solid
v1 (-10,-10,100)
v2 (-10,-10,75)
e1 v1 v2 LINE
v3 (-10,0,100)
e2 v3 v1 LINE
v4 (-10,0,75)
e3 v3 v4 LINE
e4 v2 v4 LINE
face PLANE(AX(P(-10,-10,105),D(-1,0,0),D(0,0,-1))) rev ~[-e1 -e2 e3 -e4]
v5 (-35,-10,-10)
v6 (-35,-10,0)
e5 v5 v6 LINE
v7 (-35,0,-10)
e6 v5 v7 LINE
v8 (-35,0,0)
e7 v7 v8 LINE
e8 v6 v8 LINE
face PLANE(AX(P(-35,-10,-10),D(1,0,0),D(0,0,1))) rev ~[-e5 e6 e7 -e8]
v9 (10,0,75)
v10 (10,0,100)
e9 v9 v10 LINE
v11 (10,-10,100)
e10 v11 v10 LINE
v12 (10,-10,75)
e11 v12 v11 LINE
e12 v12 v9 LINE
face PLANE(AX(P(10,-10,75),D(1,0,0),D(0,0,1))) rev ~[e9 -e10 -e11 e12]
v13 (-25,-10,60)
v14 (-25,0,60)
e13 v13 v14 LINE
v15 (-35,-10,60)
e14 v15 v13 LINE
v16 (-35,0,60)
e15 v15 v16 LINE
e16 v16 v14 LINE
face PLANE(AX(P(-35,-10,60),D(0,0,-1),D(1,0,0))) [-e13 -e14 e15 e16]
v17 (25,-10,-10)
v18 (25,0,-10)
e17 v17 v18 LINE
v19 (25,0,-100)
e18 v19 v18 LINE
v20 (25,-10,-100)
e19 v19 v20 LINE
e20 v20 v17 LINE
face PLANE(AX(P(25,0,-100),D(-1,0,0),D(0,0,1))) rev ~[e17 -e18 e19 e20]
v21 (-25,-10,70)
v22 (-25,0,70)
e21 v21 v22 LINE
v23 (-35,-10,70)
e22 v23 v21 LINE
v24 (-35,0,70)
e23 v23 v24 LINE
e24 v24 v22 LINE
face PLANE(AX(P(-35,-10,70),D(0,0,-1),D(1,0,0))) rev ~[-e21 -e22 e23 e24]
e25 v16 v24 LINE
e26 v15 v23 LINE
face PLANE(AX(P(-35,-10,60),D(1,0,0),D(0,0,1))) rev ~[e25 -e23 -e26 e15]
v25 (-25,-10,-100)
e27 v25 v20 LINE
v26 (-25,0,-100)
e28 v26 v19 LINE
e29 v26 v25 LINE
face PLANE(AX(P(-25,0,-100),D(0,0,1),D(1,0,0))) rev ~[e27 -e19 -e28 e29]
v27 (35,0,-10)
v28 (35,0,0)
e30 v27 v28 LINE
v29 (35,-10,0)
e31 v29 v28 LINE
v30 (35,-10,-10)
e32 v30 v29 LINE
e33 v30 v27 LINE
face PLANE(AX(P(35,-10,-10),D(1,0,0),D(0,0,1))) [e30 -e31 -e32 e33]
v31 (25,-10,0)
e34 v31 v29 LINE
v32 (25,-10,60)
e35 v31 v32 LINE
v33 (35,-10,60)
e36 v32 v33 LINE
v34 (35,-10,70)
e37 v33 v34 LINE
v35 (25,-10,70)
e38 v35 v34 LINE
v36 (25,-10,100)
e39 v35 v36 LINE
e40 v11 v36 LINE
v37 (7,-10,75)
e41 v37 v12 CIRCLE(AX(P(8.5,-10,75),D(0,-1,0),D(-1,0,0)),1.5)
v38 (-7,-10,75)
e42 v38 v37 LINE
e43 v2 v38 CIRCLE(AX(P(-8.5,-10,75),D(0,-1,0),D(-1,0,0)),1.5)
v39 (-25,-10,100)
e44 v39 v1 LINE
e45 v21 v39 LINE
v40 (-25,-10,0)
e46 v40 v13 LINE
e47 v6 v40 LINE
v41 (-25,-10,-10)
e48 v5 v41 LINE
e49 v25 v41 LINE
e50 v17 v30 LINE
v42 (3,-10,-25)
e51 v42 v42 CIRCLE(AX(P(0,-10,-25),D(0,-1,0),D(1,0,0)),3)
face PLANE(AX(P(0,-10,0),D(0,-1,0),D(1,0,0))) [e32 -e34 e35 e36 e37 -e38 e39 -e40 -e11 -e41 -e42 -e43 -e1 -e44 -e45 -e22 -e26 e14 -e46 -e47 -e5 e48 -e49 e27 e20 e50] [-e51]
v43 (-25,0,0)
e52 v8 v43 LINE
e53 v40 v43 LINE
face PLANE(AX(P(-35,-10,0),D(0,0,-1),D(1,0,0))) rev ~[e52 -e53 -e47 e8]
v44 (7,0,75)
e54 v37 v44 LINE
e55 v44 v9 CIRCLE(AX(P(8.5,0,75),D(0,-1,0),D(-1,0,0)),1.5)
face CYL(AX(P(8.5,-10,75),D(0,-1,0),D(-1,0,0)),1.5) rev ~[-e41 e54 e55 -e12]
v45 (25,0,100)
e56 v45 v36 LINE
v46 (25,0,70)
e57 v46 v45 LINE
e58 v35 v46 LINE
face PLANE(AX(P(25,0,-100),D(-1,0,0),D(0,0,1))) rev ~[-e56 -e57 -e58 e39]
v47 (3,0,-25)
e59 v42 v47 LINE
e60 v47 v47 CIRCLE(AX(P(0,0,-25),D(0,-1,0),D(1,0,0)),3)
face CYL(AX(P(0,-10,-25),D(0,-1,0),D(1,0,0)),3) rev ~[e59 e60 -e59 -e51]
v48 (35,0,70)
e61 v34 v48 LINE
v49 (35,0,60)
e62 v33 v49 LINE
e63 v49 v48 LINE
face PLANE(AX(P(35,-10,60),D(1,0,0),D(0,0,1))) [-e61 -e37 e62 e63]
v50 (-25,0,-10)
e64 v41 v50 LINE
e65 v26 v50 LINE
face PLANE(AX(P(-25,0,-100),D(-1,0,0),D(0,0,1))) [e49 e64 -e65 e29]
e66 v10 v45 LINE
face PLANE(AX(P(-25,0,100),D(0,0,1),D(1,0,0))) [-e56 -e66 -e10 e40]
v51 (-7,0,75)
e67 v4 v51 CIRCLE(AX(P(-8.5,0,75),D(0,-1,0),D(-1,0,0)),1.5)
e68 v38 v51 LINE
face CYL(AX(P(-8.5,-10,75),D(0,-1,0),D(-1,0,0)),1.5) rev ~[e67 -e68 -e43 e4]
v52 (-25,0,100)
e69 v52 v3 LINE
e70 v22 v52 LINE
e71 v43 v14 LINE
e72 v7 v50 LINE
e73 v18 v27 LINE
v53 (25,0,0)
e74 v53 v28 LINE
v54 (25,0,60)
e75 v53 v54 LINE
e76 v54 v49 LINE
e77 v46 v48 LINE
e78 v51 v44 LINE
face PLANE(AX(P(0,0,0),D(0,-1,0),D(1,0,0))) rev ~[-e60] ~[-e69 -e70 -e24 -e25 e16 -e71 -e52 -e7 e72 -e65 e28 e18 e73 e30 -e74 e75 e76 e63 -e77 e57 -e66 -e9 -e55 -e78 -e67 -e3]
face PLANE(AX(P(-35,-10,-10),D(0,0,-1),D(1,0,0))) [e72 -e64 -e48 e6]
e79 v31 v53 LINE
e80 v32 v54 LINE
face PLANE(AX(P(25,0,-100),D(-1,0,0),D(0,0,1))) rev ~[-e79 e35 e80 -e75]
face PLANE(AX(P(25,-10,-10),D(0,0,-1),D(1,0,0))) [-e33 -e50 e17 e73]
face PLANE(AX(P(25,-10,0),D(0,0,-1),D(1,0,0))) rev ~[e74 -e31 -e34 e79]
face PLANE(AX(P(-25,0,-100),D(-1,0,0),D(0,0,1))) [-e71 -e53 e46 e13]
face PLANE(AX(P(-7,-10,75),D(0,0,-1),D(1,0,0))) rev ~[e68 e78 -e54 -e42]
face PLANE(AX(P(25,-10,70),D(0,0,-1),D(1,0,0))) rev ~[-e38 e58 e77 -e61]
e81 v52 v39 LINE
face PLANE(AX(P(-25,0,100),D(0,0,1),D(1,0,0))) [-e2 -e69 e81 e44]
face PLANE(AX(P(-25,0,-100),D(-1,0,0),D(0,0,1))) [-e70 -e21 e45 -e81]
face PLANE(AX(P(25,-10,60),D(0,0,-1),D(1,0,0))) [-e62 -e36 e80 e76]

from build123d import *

# Parameters (mm, degrees)
F0_W     = 50
F0_H     = 200
F1_DEPTH = 10
F2_R     = 3
F3_DEPTH = 25
F5_DEPTH = 25
F6_W     = 10
F6_H     = 10
F7_DEPTH = 10


with BuildPart() as f1:
    # F0 (on Front) → F1 (new body)
    with BuildSketch(Plane.XZ):
        Rectangle(F0_W, F0_H)
    extrude(amount=F1_DEPTH)

    # F2 (on face) → F3 (cut)
    with BuildSketch(Plane.XZ.offset(10)):
        with Locations((0, -25)):
            Circle(F2_R)
    extrude(amount=-F3_DEPTH, mode=Mode.SUBTRACT)

    # F4 (on face) → F5 (cut)
    with BuildSketch(Plane.XZ.offset(10)):
        with BuildLine():
            Line((10, 105), (-10, 105))
            Line((-10, 105), (-10, 75))
            ThreePointArc((-10, 75), (-8.5, 73.5), (-7, 75))
            Line((-7, 75), (7, 75))
            ThreePointArc((7, 75), (8.5, 73.5), (10, 75))
            Line((10, 75), (10, 105))
        make_face()
    extrude(amount=-F5_DEPTH, mode=Mode.SUBTRACT)

    # F6 (on face) → F7 (join)
    with BuildSketch(Plane.XZ.offset(10)):
        with Locations((-30, 65)):
            Rectangle(F6_W, F6_H)
        with Locations((30, 65)):
            Rectangle(F6_W, F6_H)
        with Locations((-30, -5)):
            Rectangle(F6_W, F6_H)
        with Locations((30, -5)):
            Rectangle(F6_W, F6_H)
    extrude(amount=-F7_DEPTH)


solid = f1.part
